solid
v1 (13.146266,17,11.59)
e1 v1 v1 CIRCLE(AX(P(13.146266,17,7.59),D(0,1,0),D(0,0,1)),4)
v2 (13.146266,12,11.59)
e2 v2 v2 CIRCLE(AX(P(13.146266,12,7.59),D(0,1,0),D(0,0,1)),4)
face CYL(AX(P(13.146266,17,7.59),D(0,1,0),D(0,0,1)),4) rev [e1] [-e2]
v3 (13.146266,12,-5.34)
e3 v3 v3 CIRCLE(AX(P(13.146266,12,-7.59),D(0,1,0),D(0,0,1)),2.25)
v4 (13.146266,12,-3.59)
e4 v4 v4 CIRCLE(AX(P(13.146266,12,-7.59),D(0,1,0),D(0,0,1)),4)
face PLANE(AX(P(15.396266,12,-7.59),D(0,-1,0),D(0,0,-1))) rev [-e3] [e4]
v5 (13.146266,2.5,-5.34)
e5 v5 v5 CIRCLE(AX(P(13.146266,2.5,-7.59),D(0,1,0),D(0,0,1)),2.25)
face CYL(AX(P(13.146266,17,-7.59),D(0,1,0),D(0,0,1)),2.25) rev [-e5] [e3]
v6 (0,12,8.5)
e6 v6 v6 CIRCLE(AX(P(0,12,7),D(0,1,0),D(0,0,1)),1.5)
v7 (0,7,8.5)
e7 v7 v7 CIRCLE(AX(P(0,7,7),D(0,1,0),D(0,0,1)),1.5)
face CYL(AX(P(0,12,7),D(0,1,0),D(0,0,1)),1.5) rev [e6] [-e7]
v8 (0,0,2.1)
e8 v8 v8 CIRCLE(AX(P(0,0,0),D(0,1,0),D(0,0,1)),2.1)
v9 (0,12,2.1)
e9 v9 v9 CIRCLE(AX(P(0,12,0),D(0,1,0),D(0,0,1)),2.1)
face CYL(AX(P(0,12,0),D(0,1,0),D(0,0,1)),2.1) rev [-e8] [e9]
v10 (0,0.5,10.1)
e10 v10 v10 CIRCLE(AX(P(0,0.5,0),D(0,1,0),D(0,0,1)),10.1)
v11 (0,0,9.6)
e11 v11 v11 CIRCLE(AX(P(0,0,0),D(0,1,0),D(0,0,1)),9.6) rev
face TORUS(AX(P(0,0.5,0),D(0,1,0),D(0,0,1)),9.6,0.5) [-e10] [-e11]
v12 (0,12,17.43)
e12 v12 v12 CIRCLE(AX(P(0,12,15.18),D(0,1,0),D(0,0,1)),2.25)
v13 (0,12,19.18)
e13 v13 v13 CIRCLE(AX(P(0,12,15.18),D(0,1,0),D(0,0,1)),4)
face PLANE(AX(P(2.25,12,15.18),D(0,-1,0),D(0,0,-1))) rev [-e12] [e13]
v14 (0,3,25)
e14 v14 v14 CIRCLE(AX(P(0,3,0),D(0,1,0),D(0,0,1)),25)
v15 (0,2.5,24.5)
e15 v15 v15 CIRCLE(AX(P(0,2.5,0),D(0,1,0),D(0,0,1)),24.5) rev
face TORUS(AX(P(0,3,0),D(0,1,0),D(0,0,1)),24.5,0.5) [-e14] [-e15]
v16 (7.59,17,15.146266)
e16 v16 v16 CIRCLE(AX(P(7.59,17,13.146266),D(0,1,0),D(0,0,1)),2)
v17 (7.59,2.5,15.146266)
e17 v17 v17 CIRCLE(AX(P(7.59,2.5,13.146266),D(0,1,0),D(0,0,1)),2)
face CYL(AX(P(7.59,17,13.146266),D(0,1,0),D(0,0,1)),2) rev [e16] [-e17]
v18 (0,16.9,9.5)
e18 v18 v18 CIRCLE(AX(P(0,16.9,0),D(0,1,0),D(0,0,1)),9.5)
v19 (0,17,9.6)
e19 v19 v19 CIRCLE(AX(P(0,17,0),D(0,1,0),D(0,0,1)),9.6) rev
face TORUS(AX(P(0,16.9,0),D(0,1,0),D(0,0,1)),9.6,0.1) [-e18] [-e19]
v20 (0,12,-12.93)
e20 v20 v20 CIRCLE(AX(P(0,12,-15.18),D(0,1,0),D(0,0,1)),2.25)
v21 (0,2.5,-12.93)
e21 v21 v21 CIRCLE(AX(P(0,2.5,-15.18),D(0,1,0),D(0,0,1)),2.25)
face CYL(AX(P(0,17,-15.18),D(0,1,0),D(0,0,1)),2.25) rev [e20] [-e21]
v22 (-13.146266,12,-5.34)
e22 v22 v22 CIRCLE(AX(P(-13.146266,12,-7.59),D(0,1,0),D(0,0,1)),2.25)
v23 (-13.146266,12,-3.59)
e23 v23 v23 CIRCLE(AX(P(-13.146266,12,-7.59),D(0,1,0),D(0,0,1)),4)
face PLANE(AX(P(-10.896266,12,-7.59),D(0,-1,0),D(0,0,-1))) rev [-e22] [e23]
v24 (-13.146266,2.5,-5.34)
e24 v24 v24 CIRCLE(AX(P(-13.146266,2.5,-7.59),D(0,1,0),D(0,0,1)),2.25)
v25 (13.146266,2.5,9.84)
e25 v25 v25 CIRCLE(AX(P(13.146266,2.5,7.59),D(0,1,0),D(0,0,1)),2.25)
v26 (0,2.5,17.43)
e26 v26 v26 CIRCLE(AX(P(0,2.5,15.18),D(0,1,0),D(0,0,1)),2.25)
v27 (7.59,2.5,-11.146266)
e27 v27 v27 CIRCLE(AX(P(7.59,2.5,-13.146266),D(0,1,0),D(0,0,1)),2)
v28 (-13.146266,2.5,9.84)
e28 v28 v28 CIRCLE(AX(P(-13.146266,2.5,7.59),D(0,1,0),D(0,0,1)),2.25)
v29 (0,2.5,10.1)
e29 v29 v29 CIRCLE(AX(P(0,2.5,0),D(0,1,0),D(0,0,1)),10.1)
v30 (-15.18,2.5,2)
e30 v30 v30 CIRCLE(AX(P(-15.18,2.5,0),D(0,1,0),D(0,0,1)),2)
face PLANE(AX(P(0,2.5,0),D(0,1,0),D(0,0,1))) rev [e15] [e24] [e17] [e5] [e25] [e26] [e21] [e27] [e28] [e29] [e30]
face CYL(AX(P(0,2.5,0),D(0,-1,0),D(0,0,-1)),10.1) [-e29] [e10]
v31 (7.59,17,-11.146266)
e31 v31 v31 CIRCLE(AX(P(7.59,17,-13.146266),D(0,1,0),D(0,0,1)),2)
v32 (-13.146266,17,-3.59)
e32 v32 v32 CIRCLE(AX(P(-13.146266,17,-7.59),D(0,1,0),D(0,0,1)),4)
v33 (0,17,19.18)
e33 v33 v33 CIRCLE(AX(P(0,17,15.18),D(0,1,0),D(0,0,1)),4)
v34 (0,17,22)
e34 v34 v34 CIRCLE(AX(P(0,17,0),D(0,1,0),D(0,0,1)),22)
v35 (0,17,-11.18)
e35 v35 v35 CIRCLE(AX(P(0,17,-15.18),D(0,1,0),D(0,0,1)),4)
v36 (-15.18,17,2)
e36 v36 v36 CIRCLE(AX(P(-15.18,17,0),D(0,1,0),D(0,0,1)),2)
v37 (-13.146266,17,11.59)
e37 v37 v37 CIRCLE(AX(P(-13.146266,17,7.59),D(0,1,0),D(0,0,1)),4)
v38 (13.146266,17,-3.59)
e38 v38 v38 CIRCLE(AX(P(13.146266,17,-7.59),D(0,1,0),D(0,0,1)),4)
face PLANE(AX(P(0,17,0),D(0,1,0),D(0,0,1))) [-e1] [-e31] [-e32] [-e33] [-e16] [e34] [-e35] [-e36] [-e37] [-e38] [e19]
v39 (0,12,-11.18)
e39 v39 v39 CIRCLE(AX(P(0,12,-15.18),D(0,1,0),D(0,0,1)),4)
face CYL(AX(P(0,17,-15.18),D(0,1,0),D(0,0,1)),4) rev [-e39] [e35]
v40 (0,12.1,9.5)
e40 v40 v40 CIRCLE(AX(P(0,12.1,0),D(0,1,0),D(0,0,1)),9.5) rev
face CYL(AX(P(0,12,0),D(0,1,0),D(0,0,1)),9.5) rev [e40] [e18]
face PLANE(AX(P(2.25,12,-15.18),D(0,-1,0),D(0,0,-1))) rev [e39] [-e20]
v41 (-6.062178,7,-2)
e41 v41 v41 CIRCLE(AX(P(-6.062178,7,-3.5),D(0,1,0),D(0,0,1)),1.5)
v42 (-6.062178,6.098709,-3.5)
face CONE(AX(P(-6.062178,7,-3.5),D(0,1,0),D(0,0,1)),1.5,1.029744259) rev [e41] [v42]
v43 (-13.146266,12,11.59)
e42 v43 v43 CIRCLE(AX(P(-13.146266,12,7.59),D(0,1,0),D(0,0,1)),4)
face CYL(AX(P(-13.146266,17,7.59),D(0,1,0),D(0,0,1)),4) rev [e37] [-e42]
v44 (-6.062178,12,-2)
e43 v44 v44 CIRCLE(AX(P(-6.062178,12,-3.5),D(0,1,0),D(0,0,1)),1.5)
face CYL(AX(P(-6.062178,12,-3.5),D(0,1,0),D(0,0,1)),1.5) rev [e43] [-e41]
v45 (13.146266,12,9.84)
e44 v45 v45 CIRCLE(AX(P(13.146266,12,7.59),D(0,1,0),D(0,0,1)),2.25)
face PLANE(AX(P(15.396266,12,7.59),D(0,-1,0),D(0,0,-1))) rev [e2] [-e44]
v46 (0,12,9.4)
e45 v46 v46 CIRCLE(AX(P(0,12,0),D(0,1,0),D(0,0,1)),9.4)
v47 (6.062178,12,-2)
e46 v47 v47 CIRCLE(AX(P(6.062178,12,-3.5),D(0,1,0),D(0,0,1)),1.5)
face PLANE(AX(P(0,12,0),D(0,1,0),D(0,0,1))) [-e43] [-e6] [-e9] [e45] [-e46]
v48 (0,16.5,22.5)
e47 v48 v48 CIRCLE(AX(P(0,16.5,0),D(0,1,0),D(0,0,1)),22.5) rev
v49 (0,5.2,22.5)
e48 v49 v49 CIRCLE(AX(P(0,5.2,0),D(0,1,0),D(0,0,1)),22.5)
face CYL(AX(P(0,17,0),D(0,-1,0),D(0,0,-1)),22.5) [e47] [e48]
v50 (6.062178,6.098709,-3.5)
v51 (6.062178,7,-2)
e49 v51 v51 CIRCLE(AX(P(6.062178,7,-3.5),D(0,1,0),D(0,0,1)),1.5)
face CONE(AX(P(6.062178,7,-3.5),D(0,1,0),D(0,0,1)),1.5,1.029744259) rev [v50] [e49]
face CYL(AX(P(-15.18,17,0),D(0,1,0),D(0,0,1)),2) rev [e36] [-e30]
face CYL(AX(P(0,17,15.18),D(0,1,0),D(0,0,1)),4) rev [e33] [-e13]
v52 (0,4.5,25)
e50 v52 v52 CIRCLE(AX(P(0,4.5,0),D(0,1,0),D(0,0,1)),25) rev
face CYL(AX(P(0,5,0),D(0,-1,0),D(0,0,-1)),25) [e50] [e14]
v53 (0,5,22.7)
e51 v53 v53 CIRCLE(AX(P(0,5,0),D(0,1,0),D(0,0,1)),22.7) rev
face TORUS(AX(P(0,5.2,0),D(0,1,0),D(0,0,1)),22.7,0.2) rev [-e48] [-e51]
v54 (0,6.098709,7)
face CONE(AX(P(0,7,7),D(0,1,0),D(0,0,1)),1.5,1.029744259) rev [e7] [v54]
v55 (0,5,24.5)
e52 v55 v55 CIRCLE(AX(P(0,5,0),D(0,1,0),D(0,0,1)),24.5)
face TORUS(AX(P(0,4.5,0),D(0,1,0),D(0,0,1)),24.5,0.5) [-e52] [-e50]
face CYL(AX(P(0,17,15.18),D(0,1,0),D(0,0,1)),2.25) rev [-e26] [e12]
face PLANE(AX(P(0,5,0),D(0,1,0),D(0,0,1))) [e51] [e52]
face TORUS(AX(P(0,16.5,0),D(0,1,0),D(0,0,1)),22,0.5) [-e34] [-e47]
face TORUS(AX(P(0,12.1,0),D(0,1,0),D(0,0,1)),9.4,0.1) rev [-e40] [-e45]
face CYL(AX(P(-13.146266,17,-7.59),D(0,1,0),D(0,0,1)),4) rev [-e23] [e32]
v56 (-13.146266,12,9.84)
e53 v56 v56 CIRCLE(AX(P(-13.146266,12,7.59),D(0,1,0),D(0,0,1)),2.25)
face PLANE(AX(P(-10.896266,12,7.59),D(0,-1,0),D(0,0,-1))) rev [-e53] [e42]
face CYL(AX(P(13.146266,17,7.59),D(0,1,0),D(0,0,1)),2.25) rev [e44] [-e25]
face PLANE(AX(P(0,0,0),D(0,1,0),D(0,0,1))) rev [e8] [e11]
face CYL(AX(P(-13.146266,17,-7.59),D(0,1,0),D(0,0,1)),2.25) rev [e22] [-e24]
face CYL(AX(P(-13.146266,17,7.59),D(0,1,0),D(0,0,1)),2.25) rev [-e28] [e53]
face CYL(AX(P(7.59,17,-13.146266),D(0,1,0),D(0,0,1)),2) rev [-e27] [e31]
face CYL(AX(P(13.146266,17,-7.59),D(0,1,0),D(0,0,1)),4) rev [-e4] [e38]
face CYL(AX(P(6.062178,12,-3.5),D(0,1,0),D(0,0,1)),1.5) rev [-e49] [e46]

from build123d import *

# Parameters (mm, degrees)
SKETCH_1_R                   = 10.1
EXTRUDE_1_DEPTH              = 2.5
SKETCH_2_R                   = 25
EXTRUDE_2_DEPTH              = 2.5
SKETCH_3_R                   = 22.5
EXTRUDE_4_DEPTH              = 12
HOLE_WIZARD_M4_1_D           = 4.5
HOLE_WIZARD_M4_1_CBORE_D     = 8
HOLE_WIZARD_M4_1_CBORE_DEPTH = 5
PATTERN_CIRCULAR_1_COUNT     = 6
FILLET_1_R                   = 0.5
FILLET_2_R                   = 0.2
F_4_0MM_1_D                  = 4
PATTERN_CIRCULAR_3_COUNT     = 3
SKETCH_18_R                  = 9.5
CUT_EXTRUDE_1_DEPTH          = 5
FILLET_5_R                   = 0.1
PATTERN_CIRCULAR_5_COUNT     = 3
HOLE_WIZARD_M5_1_D           = 4.2


with BuildPart() as part:
    # 스케치1 → 보스-돌출1 (new body)
    with BuildSketch(Plane(origin=(0, 0, 0), x_dir=(1, 0, 0), z_dir=(0, 1, 0))):
        Circle(SKETCH_1_R)
    extrude(amount=EXTRUDE_1_DEPTH)

    # 스케치2 → 보스-돌출2 (add)
    with BuildSketch(Plane(origin=(0, 2.5, 0), x_dir=(1, 0, 0), z_dir=(0, 1, 0))):
        Circle(SKETCH_2_R)
    extrude(amount=EXTRUDE_2_DEPTH)

    # 스케치3 → 보스-돌출4 (add)
    with BuildSketch(Plane(origin=(0, 5, 0), x_dir=(1, 0, 0), z_dir=(0, 1, 0))):
        Circle(SKETCH_3_R)
    extrude(amount=EXTRUDE_4_DEPTH)

    # Hole Wizard M4 _ _ _ _ _ _1 (through all)
    with Locations(Plane(origin=(0, 17, 0), x_dir=(1, 0, 0), z_dir=(0, 1, 0))):
        with Locations((0, 15.18)):
            hole_wizard_m4_1 = CounterBoreHole(HOLE_WIZARD_M4_1_D / 2, HOLE_WIZARD_M4_1_CBORE_D / 2, HOLE_WIZARD_M4_1_CBORE_DEPTH)

    # 원형 패턴1: Hole Wizard M4 _ _ _ _ _ _1 ×6 about axis
    pattern_circular_1_axis = Axis((0, 0, 0), (0, 1, 0))
    for i in range(1, PATTERN_CIRCULAR_1_COUNT):
        add(hole_wizard_m4_1.rotate(pattern_circular_1_axis, i * 360 / PATTERN_CIRCULAR_1_COUNT), mode=Mode.SUBTRACT)

    # 필렛1
    fillet_1_edges = [part.edges().sort_by_distance(p)[0] for p in [
        (-22.5, 17, 0),
        (-10.1, 0, 0),
        (-25, 2.5, 0),
        (-25, 5, 0),
    ]]
    fillet(fillet_1_edges, radius=FILLET_1_R)

    # 필렛2
    fillet_2_edges = [part.edges().sort_by_distance(p)[0] for p in [
        (-22.5, 5, 0),
    ]]
    fillet(fillet_2_edges, radius=FILLET_2_R)

    # Ø4.0mm 맞춤핀 구멍1 (through all)
    with Locations(Plane(origin=(0, 17, 0), x_dir=(1, 0, 0), z_dir=(0, 1, 0))):
        with Locations((-15.18, 0)):
            f_4_0mm_1 = Hole(F_4_0MM_1_D / 2)

    # 원형 패턴3: Ø4.0mm 맞춤핀 구멍1 ×3 about axis
    pattern_circular_3_axis = Axis((0, 0, 0), (0, 1, 0))
    for i in range(1, PATTERN_CIRCULAR_3_COUNT):
        add(f_4_0mm_1.rotate(pattern_circular_3_axis, i * 360 / PATTERN_CIRCULAR_3_COUNT), mode=Mode.SUBTRACT)

    # 스케치18 → 컷-돌출1 (cut)
    with BuildSketch(Plane(origin=(0, 17, 0), x_dir=(1, 0, 0), z_dir=(0, 1, 0))):
        Circle(SKETCH_18_R)
    extrude(amount=-CUT_EXTRUDE_1_DEPTH, mode=Mode.SUBTRACT)

    # 필렛5
    fillet_5_edges = [part.edges().sort_by_distance(p)[0] for p in [
        (-9.5, 12, 0),
        (-9.5, 17, 0),
    ]]
    fillet(fillet_5_edges, radius=FILLET_5_R)

    # 스케치26 → Ø3.0mm 맞춤핀 구멍1 (revolve, cut)
    with BuildSketch(Plane(origin=(0, 12, 7), x_dir=(0, 0, 1), z_dir=(1, 0, 0))):
        Polygon((0, 0), (0, 5.901290929), (1.5, 5), (1.5, 0), align=None)
    f_3_0mm_1 = revolve(axis=Axis((0, 18.35, 7), (0, -1, 0)), mode=Mode.SUBTRACT)

    # 원형 패턴5: Ø3.0mm 맞춤핀 구멍1 ×3 about axis
    pattern_circular_5_axis = Axis((0, 0, 0), (0, 1, 0))
    for i in range(1, PATTERN_CIRCULAR_5_COUNT):
        add(f_3_0mm_1.rotate(pattern_circular_5_axis, i * 360 / PATTERN_CIRCULAR_5_COUNT), mode=Mode.SUBTRACT)

    # M5 탭을 위한 탭 드릴1 (through all)
    with Locations(Plane(origin=(0, 12, 0), x_dir=(1, 0, 0), z_dir=(0, 1, 0))):
        with Locations((0, 0)):
            Hole(HOLE_WIZARD_M5_1_D / 2)


solid = part.part
